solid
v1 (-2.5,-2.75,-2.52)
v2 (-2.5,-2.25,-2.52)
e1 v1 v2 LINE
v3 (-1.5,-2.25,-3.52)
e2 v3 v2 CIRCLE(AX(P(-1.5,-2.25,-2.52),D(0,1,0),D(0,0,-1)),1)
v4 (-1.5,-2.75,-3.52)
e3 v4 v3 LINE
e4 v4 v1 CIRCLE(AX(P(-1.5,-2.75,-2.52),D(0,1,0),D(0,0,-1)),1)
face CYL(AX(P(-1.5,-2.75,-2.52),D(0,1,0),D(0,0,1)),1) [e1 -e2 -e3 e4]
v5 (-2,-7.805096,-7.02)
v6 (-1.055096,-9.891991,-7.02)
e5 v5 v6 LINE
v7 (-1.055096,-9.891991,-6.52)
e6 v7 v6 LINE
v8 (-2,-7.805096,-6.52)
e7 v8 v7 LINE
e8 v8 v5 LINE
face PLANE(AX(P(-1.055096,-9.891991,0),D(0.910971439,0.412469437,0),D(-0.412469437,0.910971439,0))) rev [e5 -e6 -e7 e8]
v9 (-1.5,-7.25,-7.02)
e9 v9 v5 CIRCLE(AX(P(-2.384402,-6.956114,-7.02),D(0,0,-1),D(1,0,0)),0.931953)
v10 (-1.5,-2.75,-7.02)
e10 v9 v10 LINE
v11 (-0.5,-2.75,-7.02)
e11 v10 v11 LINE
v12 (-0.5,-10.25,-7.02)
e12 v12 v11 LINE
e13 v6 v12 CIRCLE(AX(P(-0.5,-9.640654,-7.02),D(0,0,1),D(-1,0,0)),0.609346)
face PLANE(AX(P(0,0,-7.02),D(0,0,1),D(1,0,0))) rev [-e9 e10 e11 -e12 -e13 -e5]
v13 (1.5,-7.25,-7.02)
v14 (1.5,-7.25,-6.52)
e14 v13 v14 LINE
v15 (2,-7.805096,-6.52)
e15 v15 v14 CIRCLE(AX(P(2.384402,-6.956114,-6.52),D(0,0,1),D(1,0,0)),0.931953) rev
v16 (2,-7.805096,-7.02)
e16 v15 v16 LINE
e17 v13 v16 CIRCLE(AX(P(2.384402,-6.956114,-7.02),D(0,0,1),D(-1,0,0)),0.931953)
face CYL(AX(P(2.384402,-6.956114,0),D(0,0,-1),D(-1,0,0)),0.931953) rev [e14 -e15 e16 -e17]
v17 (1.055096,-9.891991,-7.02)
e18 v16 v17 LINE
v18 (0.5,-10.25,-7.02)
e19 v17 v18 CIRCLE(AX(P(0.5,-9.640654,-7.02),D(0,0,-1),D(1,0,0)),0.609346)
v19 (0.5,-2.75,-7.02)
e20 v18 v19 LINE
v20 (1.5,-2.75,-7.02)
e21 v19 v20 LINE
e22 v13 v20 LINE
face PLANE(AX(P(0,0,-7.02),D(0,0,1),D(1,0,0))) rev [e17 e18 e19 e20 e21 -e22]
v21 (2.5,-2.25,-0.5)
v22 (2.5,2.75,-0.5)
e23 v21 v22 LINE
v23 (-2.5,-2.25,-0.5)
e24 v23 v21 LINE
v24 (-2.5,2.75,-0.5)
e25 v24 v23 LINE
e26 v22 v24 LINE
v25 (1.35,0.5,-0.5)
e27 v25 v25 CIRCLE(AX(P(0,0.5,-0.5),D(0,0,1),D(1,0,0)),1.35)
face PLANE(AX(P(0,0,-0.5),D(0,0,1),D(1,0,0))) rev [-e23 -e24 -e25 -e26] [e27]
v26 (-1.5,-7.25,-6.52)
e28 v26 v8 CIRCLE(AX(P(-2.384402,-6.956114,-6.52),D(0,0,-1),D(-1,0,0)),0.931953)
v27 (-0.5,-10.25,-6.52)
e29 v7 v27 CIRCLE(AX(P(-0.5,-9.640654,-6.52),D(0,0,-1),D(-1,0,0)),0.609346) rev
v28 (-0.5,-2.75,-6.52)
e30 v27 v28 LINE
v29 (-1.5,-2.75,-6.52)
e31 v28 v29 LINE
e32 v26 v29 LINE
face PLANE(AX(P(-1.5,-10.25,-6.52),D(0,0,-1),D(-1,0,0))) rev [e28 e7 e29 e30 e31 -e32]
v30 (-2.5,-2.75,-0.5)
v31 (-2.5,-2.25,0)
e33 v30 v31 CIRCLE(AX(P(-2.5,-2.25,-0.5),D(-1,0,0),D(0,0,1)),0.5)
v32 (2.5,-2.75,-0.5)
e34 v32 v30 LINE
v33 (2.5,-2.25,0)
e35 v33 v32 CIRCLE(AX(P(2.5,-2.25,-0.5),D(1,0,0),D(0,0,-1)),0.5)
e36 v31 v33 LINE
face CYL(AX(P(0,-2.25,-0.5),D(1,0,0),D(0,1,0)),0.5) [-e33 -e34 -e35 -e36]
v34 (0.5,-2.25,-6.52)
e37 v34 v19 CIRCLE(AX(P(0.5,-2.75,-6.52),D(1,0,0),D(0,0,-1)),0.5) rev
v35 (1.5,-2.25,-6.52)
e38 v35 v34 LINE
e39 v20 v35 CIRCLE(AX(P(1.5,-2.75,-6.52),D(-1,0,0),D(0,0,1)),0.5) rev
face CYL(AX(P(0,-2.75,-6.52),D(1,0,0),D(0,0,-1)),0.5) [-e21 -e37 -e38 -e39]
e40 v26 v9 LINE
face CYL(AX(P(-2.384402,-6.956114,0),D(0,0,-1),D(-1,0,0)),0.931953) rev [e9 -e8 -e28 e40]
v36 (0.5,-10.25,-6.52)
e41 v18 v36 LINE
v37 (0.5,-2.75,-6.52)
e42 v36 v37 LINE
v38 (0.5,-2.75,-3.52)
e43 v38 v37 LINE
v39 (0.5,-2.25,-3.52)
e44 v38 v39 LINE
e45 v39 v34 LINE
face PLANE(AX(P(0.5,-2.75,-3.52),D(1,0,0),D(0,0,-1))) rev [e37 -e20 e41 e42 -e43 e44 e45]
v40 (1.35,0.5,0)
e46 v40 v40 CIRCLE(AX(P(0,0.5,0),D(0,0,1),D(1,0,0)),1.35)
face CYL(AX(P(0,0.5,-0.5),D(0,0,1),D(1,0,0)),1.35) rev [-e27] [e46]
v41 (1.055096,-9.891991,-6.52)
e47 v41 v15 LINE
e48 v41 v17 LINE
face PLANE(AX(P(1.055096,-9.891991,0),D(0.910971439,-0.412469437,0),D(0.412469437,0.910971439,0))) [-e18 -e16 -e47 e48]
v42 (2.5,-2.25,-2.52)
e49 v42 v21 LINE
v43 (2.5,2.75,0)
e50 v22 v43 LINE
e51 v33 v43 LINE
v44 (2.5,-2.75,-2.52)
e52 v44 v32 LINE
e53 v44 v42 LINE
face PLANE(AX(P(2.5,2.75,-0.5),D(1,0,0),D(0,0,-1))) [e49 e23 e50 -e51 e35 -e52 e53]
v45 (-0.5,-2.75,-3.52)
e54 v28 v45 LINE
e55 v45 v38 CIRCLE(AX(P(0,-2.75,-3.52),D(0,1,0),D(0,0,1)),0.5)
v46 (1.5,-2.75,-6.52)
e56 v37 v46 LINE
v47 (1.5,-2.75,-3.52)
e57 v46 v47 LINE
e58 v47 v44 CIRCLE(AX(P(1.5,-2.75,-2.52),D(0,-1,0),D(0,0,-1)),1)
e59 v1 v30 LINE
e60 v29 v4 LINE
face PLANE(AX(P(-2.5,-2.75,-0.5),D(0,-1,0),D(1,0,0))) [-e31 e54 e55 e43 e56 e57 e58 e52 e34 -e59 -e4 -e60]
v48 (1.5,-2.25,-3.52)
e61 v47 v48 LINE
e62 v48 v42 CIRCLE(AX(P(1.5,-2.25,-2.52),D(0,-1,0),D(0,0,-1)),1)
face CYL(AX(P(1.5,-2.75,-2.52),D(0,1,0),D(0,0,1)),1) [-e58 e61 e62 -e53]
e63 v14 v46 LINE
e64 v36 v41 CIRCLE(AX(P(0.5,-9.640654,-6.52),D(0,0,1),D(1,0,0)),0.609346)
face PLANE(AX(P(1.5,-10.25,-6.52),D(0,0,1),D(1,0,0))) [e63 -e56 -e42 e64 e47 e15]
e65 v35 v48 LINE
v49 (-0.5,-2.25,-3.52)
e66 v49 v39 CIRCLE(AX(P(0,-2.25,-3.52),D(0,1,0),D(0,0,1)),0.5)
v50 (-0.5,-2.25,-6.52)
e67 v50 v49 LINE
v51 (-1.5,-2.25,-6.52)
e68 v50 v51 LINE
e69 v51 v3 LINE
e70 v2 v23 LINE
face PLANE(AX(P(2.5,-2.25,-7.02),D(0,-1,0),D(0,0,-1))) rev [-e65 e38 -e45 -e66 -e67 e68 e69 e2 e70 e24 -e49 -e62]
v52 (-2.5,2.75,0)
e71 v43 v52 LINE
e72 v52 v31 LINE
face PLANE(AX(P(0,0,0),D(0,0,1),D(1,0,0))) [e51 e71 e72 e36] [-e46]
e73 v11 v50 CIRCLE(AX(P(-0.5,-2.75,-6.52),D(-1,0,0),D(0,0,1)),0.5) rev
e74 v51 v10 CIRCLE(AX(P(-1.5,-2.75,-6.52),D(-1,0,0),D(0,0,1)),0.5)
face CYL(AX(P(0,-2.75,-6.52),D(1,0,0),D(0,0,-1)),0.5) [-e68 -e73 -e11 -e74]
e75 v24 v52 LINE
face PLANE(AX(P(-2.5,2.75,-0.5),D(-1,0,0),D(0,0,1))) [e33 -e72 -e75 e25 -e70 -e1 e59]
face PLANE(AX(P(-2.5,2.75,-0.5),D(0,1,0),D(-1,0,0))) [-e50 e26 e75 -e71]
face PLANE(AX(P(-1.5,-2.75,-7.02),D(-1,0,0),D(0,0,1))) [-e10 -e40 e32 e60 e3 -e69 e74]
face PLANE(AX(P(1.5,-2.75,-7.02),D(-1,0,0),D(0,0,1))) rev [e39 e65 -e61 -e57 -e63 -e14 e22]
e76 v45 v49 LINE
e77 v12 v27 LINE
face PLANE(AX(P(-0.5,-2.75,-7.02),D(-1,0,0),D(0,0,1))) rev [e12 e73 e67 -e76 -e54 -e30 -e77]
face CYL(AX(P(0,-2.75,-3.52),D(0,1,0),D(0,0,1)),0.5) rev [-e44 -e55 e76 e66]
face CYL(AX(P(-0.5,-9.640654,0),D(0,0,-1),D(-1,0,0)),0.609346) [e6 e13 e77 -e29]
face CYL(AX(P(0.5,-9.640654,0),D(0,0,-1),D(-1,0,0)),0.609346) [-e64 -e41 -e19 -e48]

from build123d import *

# Parameters (mm, degrees)
ESBO_O1_W                = 5
ESBO_O1_H                = 5.5
ESBO_O1_R                = 1.35
RESSALTO_EXTRUS_O1_DEPTH = 0.5
ESBO_O2_W                = 5
ESBO_O2_H                = 0.5
RESSALTO_EXTRUS_O2_DEPTH = 6.52
FILETE3_R                = 0.5
CORTE_EXTRUS_O1_DEPTH    = 9.973873188
CORTE_EXTRUS_O2_DEPTH    = 9.973873188
ESBO_O5_W                = 1
ESBO_O5_H                = 0.5
RESSALTO_EXTRUS_O3_DEPTH = 7.5
FILETE4_R                = 0.5
ESBO_O6_W                = 1.52
ESBO_O6_H                = 3
RESSALTO_EXTRUS_O4_DEPTH = 0.5
CORTE_EXTRUS_O3_DEPTH    = 13.672525399
FILETE4_OF_ESPELHAR2_R   = 0.5


with BuildPart() as part:
    # Esboço1 → Ressalto-extrusão1 (new body)
    with BuildSketch(Plane.XY):
        Rectangle(ESBO_O1_W, ESBO_O1_H)
        with Locations((0, 0.5)):
            Circle(ESBO_O1_R, mode=Mode.SUBTRACT)
    extrude(amount=-RESSALTO_EXTRUS_O1_DEPTH)

    # Esboço2 → Ressalto-extrusão2 (add)
    with BuildSketch(Plane(origin=(0, 0, -0.5), x_dir=(-1, 0, 0), z_dir=(0, 0, -1))):
        with Locations((0, -2.5)):
            Rectangle(ESBO_O2_W, ESBO_O2_H)
    extrude(amount=RESSALTO_EXTRUS_O2_DEPTH)

    # Filete3
    filete3_edges = [part.edges().sort_by_distance(p)[0] for p in [
        (0, -2.75, 0),
    ]]
    fillet(filete3_edges, radius=FILETE3_R)

    # Esboço3 → Corte-extrusão1 (cut, through all)
    with BuildSketch(Plane(origin=(0, -2.25, 0), x_dir=(1, 0, 0), z_dir=(0, 1, 0))):
        with BuildLine():
            Line((-0.5, 7.02), (-0.5, 3.52))
            ThreePointArc((-0.5, 3.52), (0, 3.02), (0.5, 3.52))
            Line((0.5, 3.52), (0.5, 7.02))
            Line((0.5, 7.02), (-0.5, 7.02))
        make_face()
    extrude(amount=-CORTE_EXTRUS_O1_DEPTH, mode=Mode.SUBTRACT)

    # Esboço4 → Corte-extrusão2 (cut, through all)
    with BuildSketch(Plane(origin=(0, -2.25, 0), x_dir=(1, 0, 0), z_dir=(0, 1, 0))):
        with BuildLine():
            Line((1.5, 7.02), (1.5, 3.52))
            ThreePointArc((1.5, 3.52), (2.207106781, 3.227106781), (2.5, 2.52))
            Line((2.5, 2.52), (2.5, 7.02))
            Line((2.5, 7.02), (1.5, 7.02))
        make_face()
    corte_extrus_o2 = extrude(amount=-CORTE_EXTRUS_O2_DEPTH, mode=Mode.SUBTRACT)

    # Espelhar1: Corte-extrusão2 across plane
    add(corte_extrus_o2.mirror(Plane(origin=(0, 0, 0), x_dir=(0, 0, 1), z_dir=(1, 0, 0))), mode=Mode.SUBTRACT)

    # Esboço5 → Ressalto-extrusão3 (add)
    with BuildSketch(Plane.XZ.offset(2.75)):
        with Locations((-1, -6.77)):
            Rectangle(ESBO_O5_W, ESBO_O5_H)
    ressalto_extrus_o3 = extrude(amount=RESSALTO_EXTRUS_O3_DEPTH)

    # Filete4
    filete4_edges = [part.edges().sort_by_distance(p)[0] for p in [
        (-1, -2.25, -7.02),
    ]]
    fillet(filete4_edges, radius=FILETE4_R)

    # Esboço6 → Ressalto-extrusão4 (add)
    with BuildSketch(Plane(origin=(0, 0, -7.02), x_dir=(-1, 0, 0), z_dir=(0, 0, -1))):
        with Locations((1.26, -8.75)):
            Rectangle(ESBO_O6_W, ESBO_O6_H)
    ressalto_extrus_o4 = extrude(amount=-RESSALTO_EXTRUS_O4_DEPTH)

    # Esboço7 → Corte-extrusão3 (cut, through all)
    with BuildSketch(Plane(origin=(0, 0, -7.02), x_dir=(-1, 0, 0), z_dir=(0, 0, -1))):
        with BuildLine():
            Line((1.5, -7.25), (2.02, -7.25))
            Line((2.02, -7.25), (2.02, -10.25))
            Line((2.02, -10.25), (0.5, -10.25))
            ThreePointArc((0.5, -10.25), (0.830266035, -10.152734868), (1.055096438, -9.891990837))
            Line((1.055096438, -9.891990837), (2, -7.805096438))
            ThreePointArc((2, -7.805096438), (1.691943399, -7.579842376), (1.5, -7.25))
        make_face()
    corte_extrus_o3 = extrude(amount=-CORTE_EXTRUS_O3_DEPTH, mode=Mode.SUBTRACT)

    # Espelhar2: Ressalto-extrusão3, Ressalto-extrusão4, Corte-extrusão3 across plane
    add(ressalto_extrus_o3.mirror(Plane(origin=(0, 0, 0), x_dir=(0, 0, 1), z_dir=(1, 0, 0))))
    add(ressalto_extrus_o4.mirror(Plane(origin=(0, 0, 0), x_dir=(0, 0, 1), z_dir=(1, 0, 0))))
    add(corte_extrus_o3.mirror(Plane(origin=(0, 0, 0), x_dir=(0, 0, 1), z_dir=(1, 0, 0))), mode=Mode.SUBTRACT)

    # Filete4 of Espelhar2
    filete4_of_espelhar2_edges = [part.edges().sort_by_distance(p)[0] for p in [
        (1, -2.25, -7.02),
    ]]
    fillet(filete4_of_espelhar2_edges, radius=FILETE4_OF_ESPELHAR2_R)


solid = part.part
